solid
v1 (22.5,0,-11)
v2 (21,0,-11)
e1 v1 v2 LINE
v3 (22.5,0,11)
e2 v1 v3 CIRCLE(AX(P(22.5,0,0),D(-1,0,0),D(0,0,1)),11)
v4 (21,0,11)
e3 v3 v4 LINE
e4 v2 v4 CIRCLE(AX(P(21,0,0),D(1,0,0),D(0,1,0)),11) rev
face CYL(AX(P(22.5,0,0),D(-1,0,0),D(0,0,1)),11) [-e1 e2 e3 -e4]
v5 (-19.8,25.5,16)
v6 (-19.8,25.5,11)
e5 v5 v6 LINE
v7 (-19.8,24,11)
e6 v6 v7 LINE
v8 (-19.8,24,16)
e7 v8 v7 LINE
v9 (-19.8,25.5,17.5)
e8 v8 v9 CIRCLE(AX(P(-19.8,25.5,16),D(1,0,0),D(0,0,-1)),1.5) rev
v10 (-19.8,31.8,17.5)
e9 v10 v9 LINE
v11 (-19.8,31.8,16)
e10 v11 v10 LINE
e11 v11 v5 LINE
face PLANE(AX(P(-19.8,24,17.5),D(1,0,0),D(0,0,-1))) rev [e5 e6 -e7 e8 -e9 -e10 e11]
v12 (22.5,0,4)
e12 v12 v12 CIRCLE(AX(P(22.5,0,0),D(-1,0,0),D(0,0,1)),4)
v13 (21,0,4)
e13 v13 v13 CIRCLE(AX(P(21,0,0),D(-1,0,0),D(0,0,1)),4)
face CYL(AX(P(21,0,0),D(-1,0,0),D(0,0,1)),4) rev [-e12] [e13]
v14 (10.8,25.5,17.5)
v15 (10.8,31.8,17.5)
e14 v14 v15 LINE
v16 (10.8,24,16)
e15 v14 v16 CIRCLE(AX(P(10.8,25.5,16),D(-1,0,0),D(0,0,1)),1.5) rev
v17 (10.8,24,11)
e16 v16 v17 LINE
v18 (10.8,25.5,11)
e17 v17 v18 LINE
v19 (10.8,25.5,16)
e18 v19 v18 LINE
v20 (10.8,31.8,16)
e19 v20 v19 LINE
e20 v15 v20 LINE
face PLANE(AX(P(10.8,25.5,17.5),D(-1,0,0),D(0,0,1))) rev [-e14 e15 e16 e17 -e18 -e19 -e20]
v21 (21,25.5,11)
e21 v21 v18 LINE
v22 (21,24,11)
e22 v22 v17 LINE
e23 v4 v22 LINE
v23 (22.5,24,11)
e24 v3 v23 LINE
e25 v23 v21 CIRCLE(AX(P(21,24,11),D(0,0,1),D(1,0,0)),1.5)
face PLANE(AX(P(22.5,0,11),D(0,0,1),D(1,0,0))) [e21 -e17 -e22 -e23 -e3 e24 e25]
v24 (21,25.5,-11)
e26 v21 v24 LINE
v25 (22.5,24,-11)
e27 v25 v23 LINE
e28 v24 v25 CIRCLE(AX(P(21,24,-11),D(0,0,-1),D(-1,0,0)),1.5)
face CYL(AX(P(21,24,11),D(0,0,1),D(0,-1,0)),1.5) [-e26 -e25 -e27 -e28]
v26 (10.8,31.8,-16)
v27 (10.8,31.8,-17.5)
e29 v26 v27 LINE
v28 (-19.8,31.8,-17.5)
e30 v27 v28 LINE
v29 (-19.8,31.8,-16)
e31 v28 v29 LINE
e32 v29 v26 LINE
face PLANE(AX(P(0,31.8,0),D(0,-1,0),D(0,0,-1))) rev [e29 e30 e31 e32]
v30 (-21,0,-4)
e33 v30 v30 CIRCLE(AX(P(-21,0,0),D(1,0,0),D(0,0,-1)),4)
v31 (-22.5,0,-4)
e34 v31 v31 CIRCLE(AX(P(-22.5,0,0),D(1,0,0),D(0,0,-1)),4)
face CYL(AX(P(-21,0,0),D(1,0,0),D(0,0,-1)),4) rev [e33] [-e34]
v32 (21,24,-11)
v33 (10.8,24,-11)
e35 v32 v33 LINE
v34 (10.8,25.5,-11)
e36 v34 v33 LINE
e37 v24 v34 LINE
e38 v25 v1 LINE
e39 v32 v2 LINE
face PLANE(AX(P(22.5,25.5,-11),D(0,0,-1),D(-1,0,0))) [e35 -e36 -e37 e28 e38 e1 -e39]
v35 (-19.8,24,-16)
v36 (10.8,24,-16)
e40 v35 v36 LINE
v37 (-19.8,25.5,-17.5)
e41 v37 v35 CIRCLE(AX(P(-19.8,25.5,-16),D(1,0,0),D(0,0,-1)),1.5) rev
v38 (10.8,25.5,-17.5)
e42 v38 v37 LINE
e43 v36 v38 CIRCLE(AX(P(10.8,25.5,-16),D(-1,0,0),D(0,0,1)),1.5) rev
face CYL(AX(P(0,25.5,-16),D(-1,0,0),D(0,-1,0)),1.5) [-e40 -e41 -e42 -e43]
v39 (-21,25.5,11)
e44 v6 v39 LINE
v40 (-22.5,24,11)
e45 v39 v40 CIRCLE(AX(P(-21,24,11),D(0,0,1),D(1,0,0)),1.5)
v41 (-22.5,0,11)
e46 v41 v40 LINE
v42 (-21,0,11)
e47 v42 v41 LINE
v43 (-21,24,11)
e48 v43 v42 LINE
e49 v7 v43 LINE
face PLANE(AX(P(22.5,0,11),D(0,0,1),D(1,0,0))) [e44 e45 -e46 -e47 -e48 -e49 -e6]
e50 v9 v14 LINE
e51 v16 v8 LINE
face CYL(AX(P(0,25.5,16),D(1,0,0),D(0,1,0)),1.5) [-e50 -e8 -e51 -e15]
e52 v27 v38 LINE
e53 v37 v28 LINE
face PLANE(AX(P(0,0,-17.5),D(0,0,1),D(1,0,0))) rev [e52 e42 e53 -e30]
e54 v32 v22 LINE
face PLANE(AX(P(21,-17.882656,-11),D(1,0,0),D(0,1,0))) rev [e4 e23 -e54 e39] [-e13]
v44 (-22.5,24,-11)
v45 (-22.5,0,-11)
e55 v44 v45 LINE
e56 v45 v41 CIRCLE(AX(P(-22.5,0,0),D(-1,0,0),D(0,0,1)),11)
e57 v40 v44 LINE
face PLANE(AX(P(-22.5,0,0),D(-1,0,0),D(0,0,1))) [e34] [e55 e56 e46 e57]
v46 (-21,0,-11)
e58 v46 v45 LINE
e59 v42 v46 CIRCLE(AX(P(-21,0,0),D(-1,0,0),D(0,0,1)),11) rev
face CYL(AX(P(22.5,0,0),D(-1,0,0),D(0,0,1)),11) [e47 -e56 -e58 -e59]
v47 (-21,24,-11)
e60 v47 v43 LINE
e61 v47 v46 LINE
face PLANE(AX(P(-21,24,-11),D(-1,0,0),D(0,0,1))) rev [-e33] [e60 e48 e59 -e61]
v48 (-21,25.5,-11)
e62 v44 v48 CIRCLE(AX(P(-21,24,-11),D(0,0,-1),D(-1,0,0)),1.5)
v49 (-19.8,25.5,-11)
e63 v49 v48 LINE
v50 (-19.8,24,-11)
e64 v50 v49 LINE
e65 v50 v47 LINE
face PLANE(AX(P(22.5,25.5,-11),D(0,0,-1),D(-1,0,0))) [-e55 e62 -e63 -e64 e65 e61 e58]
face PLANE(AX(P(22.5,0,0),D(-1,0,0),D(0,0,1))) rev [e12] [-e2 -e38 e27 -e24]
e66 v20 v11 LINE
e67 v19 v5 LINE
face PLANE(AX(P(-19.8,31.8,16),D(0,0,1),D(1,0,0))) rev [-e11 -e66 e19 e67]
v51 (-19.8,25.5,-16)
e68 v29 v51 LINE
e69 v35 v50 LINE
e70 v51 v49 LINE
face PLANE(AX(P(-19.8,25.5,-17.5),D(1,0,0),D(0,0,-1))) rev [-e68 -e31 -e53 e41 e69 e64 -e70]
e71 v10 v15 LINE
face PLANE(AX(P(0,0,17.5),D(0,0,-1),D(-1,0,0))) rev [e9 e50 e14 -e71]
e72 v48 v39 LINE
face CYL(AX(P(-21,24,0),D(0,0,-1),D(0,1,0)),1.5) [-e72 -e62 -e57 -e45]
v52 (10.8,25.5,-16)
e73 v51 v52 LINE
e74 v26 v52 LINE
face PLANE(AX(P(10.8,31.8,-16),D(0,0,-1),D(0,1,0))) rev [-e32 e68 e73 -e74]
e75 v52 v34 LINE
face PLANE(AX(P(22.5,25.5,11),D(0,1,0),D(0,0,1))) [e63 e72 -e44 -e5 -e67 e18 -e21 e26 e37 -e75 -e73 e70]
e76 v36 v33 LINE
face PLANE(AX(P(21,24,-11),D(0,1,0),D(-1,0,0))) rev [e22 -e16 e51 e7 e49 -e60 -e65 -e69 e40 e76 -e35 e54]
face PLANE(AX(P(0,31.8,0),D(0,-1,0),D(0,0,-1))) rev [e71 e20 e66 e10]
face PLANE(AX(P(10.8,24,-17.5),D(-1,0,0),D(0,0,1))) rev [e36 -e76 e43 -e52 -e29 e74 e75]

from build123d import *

# Parameters (mm, degrees)
BOSS_EXTRUDE1_DEPTH          = 45
SKETCH2_W                    = 42
SKETCH2_H                    = 41.882656114
CUT_EXTRUDE1_DEPTH           = 23
SKETCH3_W                    = 30.6
SKETCH3_H                    = 1.5
BOSS_EXTRUDE2_DEPTH          = 6.5
SKETCH4_W                    = 30.6
SKETCH4_H                    = 1.5
BOSS_EXTRUDE3_DEPTH          = 6.3
SKETCH5_W                    = 30.6
SKETCH5_H                    = 1.5
BOSS_EXTRUDE4_DEPTH          = 6.5
SKETCH6_W                    = 30.6
SKETCH6_H                    = 1.5
BOSS_EXTRUDE5_DEPTH          = 6.3
F_8_0_8_DIAMETER_HOLE1_D     = 8
F_8_0_8_DIAMETER_HOLE1_DEPTH = 1.5
F_8_0_8_DIAMETER_HOLE2_D     = 8
F_8_0_8_DIAMETER_HOLE2_DEPTH = 1.5
FILLET1_R                    = 1.5


with BuildPart() as part:
    # Sketch1 → Boss-Extrude1 (new body)
    with BuildSketch(Plane(origin=(-22.5, 0, 0), x_dir=(0, -1, 0), z_dir=(-1, 0, 0))):
        with BuildLine():
            Line((-25.5, -11), (0, -11))
            ThreePointArc((0, -11), (11, 0), (0, 11))
            Line((0, 11), (-25.5, 11))
            Line((-25.5, 11), (-25.5, -11))
        make_face()
    extrude(amount=-BOSS_EXTRUDE1_DEPTH)

    # Sketch2 → Cut-Extrude1 (cut, through all)
    with BuildSketch(Plane.XY.offset(11)):
        with Locations((0, 3.058671943)):
            Rectangle(SKETCH2_W, SKETCH2_H)
    extrude(amount=-CUT_EXTRUDE1_DEPTH, mode=Mode.SUBTRACT)

    # Sketch3 → Boss-Extrude2 (add)
    with BuildSketch(Plane(origin=(0, 0, -11), x_dir=(-1, 0, 0), z_dir=(0, 0, -1))):
        with Locations((4.5, 24.75)):
            Rectangle(SKETCH3_W, SKETCH3_H)
    extrude(amount=BOSS_EXTRUDE2_DEPTH)

    # Sketch4 → Boss-Extrude3 (add)
    with BuildSketch(Plane(origin=(0, 25.5, 0), x_dir=(-1, 0, 0), z_dir=(0, 1, 0))):
        with Locations((4.5, -16.75)):
            Rectangle(SKETCH4_W, SKETCH4_H)
    extrude(amount=BOSS_EXTRUDE3_DEPTH)

    # Sketch5 → Boss-Extrude4 (add)
    with BuildSketch(Plane.XY.offset(11)):
        with Locations((-4.5, 24.75)):
            Rectangle(SKETCH5_W, SKETCH5_H)
    extrude(amount=BOSS_EXTRUDE4_DEPTH)

    # Sketch6 → Boss-Extrude5 (add)
    with BuildSketch(Plane(origin=(0, 25.5, 0), x_dir=(-1, 0, 0), z_dir=(0, 1, 0))):
        with Locations((4.5, 16.75)):
            Rectangle(SKETCH6_W, SKETCH6_H)
    extrude(amount=BOSS_EXTRUDE5_DEPTH)

    # Ø8.0 (8) Diameter Hole1
    with Locations(Plane.ZY.offset(-21)):
        with Locations((0, 0)):
            Hole(F_8_0_8_DIAMETER_HOLE1_D / 2, depth=F_8_0_8_DIAMETER_HOLE1_DEPTH)

    # Ø8.0 (8) Diameter Hole2
    with Locations(Plane(origin=(-21, 0, 0), x_dir=(0, 0, -1), z_dir=(1, 0, 0))):
        with Locations((0, 0)):
            Hole(F_8_0_8_DIAMETER_HOLE2_D / 2, depth=F_8_0_8_DIAMETER_HOLE2_DEPTH)

    # Fillet1
    fillet1_edges = [part.edges().sort_by_distance(p)[0] for p in [
        (-4.5, 24, -17.5),
        (22.5, 25.5, 0),
        (-22.5, 25.5, 0),
        (-4.5, 24, 17.5),
    ]]
    fillet(fillet1_edges, radius=FILLET1_R)


solid = part.part
